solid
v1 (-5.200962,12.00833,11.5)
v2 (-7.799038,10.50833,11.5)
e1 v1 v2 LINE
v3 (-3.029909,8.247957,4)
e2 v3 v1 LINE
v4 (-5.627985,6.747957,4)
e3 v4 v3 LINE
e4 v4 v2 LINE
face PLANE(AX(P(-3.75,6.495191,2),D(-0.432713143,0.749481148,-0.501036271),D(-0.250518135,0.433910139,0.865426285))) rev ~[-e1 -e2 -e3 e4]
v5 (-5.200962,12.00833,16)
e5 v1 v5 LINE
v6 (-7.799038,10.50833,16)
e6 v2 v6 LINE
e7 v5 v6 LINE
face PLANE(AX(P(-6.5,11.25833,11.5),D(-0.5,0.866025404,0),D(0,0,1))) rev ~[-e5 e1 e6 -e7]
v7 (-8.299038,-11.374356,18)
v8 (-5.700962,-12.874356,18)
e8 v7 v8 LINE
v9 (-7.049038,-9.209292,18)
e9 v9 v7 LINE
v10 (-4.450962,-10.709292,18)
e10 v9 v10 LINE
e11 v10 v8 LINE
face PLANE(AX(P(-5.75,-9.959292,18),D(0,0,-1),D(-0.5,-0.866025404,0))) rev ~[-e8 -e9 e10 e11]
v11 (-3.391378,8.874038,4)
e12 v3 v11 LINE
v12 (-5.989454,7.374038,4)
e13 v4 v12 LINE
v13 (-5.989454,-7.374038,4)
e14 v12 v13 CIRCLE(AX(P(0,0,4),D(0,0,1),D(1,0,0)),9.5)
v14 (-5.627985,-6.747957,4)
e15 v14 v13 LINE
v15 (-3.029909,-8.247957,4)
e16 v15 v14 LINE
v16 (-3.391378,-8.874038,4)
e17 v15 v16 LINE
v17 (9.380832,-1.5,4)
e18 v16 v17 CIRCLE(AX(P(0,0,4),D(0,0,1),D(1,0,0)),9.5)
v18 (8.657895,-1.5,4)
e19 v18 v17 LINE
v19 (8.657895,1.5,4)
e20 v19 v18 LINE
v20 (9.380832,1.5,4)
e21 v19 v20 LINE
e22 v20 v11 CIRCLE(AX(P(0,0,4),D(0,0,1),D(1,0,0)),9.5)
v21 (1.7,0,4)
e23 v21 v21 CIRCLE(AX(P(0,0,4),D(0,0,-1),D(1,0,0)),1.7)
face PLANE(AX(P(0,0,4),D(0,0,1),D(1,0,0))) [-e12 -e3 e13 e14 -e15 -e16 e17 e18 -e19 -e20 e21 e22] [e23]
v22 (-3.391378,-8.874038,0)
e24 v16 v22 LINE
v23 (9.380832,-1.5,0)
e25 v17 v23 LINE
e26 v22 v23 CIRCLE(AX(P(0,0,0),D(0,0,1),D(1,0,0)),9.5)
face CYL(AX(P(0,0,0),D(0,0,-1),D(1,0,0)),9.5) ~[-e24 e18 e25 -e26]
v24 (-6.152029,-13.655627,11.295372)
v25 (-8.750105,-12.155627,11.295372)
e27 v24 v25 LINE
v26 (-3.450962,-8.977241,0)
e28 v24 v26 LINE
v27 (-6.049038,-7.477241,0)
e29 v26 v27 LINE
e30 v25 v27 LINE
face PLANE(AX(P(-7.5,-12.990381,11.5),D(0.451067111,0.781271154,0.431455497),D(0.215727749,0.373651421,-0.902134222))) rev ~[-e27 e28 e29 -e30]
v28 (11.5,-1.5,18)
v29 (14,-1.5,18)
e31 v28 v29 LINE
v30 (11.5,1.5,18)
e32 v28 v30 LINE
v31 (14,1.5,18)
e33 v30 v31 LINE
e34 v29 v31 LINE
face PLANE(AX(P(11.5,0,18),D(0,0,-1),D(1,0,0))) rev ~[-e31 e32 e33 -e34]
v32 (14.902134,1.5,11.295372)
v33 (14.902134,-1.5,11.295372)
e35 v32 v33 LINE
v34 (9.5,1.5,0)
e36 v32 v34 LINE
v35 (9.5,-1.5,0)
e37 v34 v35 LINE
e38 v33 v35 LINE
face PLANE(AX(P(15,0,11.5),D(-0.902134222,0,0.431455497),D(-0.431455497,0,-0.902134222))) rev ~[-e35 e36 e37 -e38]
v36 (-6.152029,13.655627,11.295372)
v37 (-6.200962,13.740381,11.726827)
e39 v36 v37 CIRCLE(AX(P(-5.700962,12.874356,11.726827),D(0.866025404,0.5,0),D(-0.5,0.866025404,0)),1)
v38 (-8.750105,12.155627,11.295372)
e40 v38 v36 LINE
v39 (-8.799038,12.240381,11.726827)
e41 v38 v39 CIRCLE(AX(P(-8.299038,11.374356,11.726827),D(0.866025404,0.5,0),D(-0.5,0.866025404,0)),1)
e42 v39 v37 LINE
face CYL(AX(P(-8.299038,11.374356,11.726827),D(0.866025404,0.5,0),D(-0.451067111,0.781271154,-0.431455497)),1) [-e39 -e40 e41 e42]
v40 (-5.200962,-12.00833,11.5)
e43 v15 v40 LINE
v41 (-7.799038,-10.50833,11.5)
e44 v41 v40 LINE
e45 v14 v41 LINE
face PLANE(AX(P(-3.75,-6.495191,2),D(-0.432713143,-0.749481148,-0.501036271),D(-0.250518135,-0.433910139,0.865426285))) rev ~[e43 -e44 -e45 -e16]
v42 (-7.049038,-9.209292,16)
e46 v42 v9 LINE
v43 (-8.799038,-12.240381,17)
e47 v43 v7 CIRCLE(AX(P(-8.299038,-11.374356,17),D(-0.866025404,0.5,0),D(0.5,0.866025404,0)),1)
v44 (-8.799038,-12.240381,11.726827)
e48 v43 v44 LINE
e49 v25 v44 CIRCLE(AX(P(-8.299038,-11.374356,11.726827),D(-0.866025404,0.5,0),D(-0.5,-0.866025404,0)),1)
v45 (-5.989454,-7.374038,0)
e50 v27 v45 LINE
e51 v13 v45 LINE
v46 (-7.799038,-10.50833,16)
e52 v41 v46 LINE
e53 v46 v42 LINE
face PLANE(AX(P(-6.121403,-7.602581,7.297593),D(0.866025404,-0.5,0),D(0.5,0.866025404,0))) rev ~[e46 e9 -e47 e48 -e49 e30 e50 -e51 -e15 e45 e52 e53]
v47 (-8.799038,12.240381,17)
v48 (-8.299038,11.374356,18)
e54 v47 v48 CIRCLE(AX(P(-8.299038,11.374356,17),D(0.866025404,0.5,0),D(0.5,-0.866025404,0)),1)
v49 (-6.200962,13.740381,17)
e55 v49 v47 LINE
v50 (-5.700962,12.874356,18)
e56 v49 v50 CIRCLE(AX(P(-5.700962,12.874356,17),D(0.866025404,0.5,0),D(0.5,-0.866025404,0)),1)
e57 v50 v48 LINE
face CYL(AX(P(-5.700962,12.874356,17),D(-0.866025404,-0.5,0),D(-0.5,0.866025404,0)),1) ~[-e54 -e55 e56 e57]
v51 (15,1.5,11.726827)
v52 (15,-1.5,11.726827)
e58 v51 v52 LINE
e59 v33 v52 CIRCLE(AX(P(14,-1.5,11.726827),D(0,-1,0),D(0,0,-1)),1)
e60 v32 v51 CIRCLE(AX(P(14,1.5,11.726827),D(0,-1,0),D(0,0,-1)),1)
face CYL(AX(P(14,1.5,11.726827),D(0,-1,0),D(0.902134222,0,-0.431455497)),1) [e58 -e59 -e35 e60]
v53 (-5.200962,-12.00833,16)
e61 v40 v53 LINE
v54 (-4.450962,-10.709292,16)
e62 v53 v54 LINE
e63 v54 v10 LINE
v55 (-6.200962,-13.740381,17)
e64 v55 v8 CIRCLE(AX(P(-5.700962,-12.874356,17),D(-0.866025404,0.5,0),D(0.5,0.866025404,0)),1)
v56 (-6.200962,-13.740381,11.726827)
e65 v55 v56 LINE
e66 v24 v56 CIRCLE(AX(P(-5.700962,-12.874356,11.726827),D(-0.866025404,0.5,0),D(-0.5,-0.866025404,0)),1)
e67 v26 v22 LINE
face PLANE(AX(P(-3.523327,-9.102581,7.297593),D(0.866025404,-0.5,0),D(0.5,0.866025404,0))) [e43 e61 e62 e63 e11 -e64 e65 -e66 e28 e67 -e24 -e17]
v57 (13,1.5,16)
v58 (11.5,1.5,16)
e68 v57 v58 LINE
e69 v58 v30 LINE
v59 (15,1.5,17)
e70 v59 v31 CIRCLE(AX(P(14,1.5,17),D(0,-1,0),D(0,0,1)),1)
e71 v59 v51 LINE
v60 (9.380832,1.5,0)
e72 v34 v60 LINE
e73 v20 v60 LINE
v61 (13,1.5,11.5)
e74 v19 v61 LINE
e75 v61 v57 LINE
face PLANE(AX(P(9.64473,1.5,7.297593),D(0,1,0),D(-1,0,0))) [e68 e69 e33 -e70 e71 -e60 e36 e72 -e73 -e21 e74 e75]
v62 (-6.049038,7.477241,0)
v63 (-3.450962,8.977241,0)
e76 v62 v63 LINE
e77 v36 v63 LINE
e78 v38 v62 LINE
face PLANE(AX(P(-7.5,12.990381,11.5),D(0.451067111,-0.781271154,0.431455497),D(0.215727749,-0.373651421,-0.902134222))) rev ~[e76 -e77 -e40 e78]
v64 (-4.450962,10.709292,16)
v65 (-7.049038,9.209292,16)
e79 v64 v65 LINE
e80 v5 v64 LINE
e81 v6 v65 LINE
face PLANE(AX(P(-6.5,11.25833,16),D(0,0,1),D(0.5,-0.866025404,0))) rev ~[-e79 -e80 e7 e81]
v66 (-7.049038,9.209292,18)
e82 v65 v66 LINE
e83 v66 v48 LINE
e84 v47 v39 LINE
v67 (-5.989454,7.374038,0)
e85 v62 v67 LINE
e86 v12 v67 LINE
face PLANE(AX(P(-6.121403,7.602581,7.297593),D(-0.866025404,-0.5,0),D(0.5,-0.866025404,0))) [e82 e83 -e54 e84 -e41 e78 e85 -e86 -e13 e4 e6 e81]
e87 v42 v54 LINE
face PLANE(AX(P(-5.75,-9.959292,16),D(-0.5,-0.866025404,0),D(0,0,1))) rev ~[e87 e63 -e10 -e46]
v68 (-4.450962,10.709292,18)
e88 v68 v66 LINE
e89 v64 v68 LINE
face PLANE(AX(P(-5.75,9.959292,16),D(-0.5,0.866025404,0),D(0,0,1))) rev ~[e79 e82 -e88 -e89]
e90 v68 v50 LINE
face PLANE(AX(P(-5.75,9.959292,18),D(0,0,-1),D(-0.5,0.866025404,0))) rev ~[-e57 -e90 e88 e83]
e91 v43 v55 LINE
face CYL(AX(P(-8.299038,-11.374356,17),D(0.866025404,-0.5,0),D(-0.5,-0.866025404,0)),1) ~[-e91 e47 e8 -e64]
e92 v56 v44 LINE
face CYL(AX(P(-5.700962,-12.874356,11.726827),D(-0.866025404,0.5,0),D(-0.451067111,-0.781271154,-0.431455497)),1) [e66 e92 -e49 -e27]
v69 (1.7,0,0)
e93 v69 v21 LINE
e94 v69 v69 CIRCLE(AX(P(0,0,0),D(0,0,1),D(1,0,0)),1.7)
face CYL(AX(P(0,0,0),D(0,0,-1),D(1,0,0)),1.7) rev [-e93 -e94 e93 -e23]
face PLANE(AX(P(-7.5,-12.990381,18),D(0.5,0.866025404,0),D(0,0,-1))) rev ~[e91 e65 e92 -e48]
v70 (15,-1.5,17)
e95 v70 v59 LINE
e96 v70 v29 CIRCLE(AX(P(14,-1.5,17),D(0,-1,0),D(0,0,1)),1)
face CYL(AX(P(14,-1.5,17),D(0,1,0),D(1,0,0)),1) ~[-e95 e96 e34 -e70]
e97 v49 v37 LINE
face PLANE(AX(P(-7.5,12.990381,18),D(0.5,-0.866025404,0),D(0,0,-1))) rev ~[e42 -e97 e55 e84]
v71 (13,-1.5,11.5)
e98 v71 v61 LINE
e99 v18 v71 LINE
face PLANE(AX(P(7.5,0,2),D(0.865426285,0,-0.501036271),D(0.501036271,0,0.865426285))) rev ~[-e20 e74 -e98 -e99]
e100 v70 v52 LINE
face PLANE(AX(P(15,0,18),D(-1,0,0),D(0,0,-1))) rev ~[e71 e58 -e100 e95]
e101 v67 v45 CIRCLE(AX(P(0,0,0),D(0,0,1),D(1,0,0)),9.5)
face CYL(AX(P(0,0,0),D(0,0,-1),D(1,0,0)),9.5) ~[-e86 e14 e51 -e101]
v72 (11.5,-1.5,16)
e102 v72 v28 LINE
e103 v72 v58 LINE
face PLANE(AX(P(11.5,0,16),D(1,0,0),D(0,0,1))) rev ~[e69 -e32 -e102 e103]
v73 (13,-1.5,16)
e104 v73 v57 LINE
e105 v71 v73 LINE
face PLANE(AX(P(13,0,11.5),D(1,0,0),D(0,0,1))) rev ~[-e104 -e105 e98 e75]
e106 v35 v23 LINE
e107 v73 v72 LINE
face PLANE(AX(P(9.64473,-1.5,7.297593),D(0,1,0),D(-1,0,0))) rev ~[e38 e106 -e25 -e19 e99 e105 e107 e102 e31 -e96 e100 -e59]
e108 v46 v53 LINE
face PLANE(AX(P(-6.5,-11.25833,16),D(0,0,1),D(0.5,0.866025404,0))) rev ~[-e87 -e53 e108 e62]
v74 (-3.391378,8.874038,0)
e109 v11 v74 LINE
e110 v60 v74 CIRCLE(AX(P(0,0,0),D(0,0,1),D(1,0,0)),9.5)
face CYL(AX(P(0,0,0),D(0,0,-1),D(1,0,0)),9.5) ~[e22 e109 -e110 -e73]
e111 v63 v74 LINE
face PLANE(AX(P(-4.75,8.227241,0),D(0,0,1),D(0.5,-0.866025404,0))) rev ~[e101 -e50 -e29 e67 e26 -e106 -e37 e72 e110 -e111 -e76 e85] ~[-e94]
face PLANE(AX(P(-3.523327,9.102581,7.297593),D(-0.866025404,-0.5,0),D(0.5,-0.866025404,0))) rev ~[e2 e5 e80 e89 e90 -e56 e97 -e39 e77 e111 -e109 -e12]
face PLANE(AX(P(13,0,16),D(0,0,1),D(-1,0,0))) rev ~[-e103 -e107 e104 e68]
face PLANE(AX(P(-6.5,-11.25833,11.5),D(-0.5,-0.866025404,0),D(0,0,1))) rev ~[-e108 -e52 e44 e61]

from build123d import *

# Parameters (mm, degrees)
CYLINDER001_R      = 1.7
CYLINDER001_DEPTH  = 10
CYLINDER_R         = 9.5
CYLINDER_DEPTH     = 4
PAD_DEPTH          = 1.5
POLARPATTERN_COUNT = 3
FILLET_R           = 1


with BuildPart() as boltcylinder:
    # Cylinder001 → Cylinder001 (new body)
    with BuildSketch(Plane.XY):
        Circle(CYLINDER001_R)
    extrude(amount=CYLINDER001_DEPTH)


with BuildPart() as basecylinder:
    # Cylinder → Cylinder (new body)
    with BuildSketch(Plane.XY):
        Circle(CYLINDER_R)
    extrude(amount=CYLINDER_DEPTH)


with BuildPart() as fillet_body:
    # Sketch → Pad (new body, symmetric)
    with BuildSketch(Plane.XZ):
        Polygon((0, 0), (0, 2), (7.5, 2), (13, 11.5), (13, 16), (11.5, 16), (11.5, 18), (15, 18), (15, 11.5), (9.5, 0), align=None)
    pad = extrude(amount=PAD_DEPTH, both=True)

    # PolarPattern: Pad ×3 about axis
    polarpattern_axis = Axis((0, 0, 0), (0, 0, 1))
    for i in range(1, POLARPATTERN_COUNT):
        add(pad.rotate(polarpattern_axis, i * 360 / POLARPATTERN_COUNT))

    # Fusion: union BaseCylinder
    add(basecylinder.part)

    # Cut: cut BoltCylinder
    add(boltcylinder.part, mode=Mode.SUBTRACT)

    # Fillet
    fillet_edges = [fillet_body.edges().sort_by_distance(p)[0] for p in [
        (-7.5, 12.990381, 11.5),
        (-7.5, 12.990381, 18),
        (-7.5, -12.990381, 11.5),
        (15, 0, 11.5),
        (-7.5, -12.990381, 18),
        (15, 0, 18),
    ]]
    fillet(fillet_edges, radius=FILLET_R)


solid = fillet_body.part
